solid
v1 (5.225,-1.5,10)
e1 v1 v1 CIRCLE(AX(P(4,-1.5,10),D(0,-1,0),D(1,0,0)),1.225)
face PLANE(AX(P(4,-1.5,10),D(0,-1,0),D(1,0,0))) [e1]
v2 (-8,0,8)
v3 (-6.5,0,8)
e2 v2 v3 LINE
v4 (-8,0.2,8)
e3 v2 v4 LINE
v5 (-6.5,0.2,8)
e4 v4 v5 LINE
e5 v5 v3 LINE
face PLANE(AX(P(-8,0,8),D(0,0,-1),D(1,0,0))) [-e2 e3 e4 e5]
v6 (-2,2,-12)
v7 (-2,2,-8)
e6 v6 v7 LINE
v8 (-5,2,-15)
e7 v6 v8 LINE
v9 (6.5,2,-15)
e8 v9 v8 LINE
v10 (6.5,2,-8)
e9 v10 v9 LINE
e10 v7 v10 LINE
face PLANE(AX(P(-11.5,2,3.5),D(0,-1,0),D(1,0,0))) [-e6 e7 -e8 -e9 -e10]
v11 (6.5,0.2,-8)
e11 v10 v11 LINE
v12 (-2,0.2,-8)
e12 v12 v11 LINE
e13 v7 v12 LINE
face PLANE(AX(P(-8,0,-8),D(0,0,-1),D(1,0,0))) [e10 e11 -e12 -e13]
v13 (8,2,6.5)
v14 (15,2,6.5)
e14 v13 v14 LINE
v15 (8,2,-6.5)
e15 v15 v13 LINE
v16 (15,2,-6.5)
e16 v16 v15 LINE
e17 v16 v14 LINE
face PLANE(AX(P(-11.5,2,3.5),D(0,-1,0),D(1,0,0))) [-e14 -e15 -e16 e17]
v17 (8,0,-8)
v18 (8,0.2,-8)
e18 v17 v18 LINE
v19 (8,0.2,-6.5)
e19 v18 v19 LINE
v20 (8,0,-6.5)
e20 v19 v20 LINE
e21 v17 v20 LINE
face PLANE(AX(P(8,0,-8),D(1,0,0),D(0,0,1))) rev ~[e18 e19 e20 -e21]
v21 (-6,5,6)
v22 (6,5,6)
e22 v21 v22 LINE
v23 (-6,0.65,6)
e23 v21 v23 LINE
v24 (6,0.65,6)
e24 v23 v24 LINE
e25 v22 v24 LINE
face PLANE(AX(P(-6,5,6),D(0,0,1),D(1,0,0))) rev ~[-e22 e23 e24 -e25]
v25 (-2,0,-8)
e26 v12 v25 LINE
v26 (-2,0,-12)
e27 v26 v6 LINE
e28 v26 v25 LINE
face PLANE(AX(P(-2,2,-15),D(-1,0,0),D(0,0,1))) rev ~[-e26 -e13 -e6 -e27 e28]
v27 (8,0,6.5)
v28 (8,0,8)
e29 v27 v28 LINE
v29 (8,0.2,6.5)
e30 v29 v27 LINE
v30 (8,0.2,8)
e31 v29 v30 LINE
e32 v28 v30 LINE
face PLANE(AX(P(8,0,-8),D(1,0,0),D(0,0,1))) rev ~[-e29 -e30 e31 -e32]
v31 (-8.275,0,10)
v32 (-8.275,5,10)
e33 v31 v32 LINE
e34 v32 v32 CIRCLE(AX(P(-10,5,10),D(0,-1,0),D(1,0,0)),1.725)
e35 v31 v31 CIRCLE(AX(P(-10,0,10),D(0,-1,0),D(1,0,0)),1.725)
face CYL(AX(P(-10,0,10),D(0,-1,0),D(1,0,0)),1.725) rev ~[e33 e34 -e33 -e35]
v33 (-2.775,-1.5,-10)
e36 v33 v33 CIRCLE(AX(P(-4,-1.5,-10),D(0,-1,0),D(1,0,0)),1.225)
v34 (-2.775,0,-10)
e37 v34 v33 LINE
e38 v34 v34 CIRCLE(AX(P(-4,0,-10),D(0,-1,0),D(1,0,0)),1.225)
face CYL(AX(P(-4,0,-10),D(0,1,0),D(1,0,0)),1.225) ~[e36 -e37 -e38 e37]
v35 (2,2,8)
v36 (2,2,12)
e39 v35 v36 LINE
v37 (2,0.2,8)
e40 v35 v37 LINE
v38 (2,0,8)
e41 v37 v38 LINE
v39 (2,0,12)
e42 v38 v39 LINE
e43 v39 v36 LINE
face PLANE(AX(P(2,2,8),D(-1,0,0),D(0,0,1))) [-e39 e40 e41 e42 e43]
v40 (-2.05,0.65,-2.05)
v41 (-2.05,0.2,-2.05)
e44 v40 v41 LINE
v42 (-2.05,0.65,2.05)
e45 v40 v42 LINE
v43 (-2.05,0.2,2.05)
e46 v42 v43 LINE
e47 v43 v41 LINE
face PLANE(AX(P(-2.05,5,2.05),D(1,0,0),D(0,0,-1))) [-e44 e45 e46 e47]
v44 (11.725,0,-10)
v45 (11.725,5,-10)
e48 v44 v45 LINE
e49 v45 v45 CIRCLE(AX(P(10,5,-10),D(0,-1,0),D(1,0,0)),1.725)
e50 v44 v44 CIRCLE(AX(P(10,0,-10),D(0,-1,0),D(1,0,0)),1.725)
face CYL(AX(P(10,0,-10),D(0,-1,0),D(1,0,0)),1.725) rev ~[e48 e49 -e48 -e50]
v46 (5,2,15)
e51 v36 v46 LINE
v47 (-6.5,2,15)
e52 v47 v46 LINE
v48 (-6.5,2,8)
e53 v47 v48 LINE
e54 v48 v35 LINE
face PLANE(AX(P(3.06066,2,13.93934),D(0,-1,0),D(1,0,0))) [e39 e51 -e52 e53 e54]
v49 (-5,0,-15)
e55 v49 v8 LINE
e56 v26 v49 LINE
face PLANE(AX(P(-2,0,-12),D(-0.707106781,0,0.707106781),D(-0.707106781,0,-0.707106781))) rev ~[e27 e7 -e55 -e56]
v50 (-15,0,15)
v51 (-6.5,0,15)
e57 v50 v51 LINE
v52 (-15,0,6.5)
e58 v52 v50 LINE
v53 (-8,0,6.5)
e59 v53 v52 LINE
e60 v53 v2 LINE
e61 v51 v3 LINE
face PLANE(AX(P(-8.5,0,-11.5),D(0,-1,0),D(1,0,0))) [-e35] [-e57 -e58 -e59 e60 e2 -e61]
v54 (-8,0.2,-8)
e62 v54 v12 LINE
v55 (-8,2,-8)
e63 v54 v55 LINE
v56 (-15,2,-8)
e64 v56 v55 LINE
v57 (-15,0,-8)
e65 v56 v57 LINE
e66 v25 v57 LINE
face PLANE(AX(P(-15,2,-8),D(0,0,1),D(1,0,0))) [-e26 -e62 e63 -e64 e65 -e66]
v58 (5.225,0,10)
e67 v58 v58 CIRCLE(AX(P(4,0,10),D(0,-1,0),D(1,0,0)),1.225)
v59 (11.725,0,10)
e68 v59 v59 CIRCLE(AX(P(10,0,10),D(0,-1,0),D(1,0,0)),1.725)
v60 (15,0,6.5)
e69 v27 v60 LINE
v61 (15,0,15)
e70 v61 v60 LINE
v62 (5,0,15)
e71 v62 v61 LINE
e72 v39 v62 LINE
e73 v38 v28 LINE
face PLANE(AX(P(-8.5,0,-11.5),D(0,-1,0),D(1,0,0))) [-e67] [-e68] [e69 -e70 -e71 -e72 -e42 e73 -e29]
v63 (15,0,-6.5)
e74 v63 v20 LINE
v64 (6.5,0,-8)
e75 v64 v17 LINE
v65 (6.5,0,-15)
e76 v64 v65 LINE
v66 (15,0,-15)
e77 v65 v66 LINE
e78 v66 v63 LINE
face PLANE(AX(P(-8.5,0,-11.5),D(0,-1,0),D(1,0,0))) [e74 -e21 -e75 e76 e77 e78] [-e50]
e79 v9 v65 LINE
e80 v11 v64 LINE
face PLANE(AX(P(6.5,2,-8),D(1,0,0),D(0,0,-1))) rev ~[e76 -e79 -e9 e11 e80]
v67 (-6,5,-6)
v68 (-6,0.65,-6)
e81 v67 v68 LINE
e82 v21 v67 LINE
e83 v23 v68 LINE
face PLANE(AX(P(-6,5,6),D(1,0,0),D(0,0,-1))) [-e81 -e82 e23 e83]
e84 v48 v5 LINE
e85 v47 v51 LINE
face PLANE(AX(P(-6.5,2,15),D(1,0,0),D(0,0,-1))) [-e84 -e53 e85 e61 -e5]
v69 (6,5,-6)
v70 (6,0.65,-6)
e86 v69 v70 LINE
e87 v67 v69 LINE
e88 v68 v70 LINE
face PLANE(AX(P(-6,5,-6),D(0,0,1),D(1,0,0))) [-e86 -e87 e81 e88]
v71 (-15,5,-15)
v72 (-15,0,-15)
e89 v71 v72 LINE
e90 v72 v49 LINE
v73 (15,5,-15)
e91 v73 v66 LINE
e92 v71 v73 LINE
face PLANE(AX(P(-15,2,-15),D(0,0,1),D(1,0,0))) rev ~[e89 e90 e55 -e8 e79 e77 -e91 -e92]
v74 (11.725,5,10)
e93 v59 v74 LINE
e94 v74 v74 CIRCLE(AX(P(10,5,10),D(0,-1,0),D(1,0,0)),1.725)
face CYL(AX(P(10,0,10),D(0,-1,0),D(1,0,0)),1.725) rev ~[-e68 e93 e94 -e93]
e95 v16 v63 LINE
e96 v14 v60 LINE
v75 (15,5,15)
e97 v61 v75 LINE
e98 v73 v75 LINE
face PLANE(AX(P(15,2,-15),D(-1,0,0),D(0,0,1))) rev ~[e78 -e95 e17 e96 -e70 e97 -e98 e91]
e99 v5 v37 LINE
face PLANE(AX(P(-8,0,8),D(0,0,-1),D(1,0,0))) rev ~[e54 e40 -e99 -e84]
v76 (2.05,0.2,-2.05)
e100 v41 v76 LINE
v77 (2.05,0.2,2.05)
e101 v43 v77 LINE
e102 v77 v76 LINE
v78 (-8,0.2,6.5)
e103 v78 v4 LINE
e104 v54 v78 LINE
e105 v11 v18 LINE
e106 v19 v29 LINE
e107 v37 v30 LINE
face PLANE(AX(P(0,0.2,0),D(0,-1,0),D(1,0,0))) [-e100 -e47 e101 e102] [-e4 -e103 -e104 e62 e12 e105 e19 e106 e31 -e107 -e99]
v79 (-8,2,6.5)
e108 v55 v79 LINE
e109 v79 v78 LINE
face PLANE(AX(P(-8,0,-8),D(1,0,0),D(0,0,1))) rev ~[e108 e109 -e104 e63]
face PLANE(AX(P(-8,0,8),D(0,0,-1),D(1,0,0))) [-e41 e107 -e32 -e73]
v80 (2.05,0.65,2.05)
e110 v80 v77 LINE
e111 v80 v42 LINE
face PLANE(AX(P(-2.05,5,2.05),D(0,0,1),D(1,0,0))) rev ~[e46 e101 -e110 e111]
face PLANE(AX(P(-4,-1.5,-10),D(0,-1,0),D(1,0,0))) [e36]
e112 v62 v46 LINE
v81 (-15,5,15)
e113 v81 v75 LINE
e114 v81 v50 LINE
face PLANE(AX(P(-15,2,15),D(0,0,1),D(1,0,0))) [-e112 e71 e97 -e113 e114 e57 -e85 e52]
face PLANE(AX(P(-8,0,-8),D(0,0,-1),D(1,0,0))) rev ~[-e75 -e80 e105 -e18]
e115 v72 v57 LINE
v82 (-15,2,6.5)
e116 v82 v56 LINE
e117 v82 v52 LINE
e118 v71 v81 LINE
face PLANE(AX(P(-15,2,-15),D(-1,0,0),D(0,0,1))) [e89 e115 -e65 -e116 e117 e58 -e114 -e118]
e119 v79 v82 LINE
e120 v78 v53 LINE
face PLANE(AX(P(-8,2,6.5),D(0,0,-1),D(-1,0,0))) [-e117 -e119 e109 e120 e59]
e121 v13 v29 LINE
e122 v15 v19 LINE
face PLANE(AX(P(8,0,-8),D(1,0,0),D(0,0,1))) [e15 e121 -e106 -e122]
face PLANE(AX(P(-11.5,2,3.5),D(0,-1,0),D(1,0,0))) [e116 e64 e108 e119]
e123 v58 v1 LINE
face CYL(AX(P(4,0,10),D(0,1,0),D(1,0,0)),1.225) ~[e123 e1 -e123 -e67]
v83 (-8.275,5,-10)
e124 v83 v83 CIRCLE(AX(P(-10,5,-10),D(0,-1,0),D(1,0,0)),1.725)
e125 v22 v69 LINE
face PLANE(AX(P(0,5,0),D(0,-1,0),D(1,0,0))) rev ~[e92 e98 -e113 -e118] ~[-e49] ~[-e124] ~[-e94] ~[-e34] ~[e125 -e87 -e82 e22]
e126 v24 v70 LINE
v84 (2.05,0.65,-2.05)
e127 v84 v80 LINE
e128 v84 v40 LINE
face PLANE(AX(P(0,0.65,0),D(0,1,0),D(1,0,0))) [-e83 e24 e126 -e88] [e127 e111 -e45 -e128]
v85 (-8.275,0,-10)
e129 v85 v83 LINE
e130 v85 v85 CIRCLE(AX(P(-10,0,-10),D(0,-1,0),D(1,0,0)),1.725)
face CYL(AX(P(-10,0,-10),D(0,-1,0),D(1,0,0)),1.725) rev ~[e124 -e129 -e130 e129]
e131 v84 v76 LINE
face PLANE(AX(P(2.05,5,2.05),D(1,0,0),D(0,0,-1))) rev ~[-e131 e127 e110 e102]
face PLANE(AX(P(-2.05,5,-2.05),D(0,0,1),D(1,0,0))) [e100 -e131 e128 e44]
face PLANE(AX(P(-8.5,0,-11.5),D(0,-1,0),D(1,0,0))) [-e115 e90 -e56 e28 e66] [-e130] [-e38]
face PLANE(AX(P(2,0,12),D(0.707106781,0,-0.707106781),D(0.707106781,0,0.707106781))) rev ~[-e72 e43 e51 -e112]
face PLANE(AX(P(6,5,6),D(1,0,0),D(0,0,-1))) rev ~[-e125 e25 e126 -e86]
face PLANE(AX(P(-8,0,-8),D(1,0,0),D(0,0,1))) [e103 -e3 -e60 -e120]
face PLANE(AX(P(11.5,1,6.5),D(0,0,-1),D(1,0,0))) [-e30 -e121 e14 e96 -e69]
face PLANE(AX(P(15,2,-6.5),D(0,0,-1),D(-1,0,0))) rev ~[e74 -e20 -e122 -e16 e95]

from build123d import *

# Parameters (mm, degrees)
SKETCH_W        = 30
SKETCH_H        = 30
PAD_DEPTH       = 5
SKETCH001_W     = 7
SKETCH001_H     = 23
SKETCH001_W_2   = 23
SKETCH001_H_2   = 7
SKETCH001_H_3   = 16
SKETCH001_W_3   = 30
POCKET_DEPTH    = 2
SKETCH002_W     = 13
SKETCH002_H     = 7
PAD001_DEPTH    = 2
SKETCH003_R     = 1.725
POCKET001_DEPTH = 5.001
SKETCH004_R     = 1.225
PAD002_DEPTH    = 1.5
SKETCH005_W     = 7
SKETCH005_H     = 2
PAD003_DEPTH    = 1.5
SKETCH006_W     = 4.1
SKETCH006_H     = 4.1
POCKET002_DEPTH = 5
PAD004_DEPTH    = 2
SKETCH008_R     = 1.725
POCKET003_DEPTH = 5.001
PAD005_DEPTH    = 2
SKETCH010_R     = 1.725
POCKET004_DEPTH = 5.001
POCKET005_DEPTH = 2
SKETCH012_W     = 13
SKETCH012_H     = 7
PAD006_DEPTH    = 2
SKETCH013_R     = 1.725
POCKET006_DEPTH = 5.001
SKETCH014_R     = 1.225
PAD007_DEPTH    = 1.5
POCKET007_DEPTH = 2
SKETCH016_W     = 12
SKETCH016_H     = 12
POCKET008_DEPTH = 4.35
SKETCH017_W     = 16
SKETCH017_H     = 16
POCKET009_DEPTH = 0.2


with BuildPart() as part:
    # Sketch → Pad (new body)
    with BuildSketch(Plane.XZ):
        Rectangle(SKETCH_W, SKETCH_H)
    extrude(amount=-PAD_DEPTH)

    # Sketch001 (on Face5 of Pad) → Pocket (cut)
    with BuildSketch(Plane.XZ):
        with Locations((-11.5, 3.5)):
            Rectangle(SKETCH001_W, SKETCH001_H)
        with Locations((3.5, 11.5)):
            Rectangle(SKETCH001_W_2, SKETCH001_H_2)
        with Locations((11.5, 0)):
            Rectangle(SKETCH001_W, SKETCH001_H_3)
        with Locations((0, -11.5)):
            Rectangle(SKETCH001_W_3, SKETCH001_H_2)
    extrude(amount=-POCKET_DEPTH, mode=Mode.SUBTRACT)

    # Sketch002 (on Face2 of Pocket) → Pad001 (join)
    with BuildSketch(Plane.XZ.offset(-2)):
        with Locations((8.5, 11.5)):
            Rectangle(SKETCH002_W, SKETCH002_H)
    extrude(amount=PAD001_DEPTH)

    # Sketch003 (on Face15 of Pad001) → Pocket001 (cut, through all)
    with BuildSketch(Plane.XZ):
        with Locations((10, 10)):
            Circle(SKETCH003_R)
    extrude(amount=-POCKET001_DEPTH, mode=Mode.SUBTRACT)

    # Sketch004 (on Face15 of Pocket001) → Pad002 (join)
    with BuildSketch(Plane.XZ):
        with Locations((4, 10)):
            Circle(SKETCH004_R)
    extrude(amount=PAD002_DEPTH)

    # Sketch005 (on Face7 of Pad002) → Pad003 (join)
    with BuildSketch(Plane(origin=(0, 0, 8), x_dir=(1, 0, 0), z_dir=(0, 0, -1))):
        with Locations((11.5, -1)):
            Rectangle(SKETCH005_W, SKETCH005_H)
    extrude(amount=PAD003_DEPTH)

    # Sketch006 (on Face5 of Pad003) → Pocket002 (cut)
    with BuildSketch(Plane(origin=(0, 5, 0), x_dir=(1, 0, 0), z_dir=(0, 1, 0))):
        Rectangle(SKETCH006_W, SKETCH006_H)
    extrude(amount=-POCKET002_DEPTH, mode=Mode.SUBTRACT)

    # Sketch007 (on Face2 of Pocket002) → Pad004 (join)
    with BuildSketch(Plane.XZ.offset(-2)):
        Polygon((6.5, -15), (15, -15), (15, -6.5), (8, -6.5), (8, -8), (6.5, -8), align=None)
    extrude(amount=PAD004_DEPTH)

    # Sketch008 (on Face24 of Pad004) → Pocket003 (cut, through all)
    with BuildSketch(Plane.XZ):
        with Locations((10, -10)):
            Circle(SKETCH008_R)
    extrude(amount=-POCKET003_DEPTH, mode=Mode.SUBTRACT)

    # Sketch009 (on Face2 of Pocket003) → Pad005 (join)
    with BuildSketch(Plane.XZ.offset(-2)):
        Polygon((-15, 15), (-6.5, 15), (-6.5, 8), (-8, 8), (-8, 6.5), (-15, 6.5), align=None)
    extrude(amount=PAD005_DEPTH)

    # Sketch010 (on Face10 of Pad005) → Pocket004 (cut, through all)
    with BuildSketch(Plane.XZ):
        with Locations((-10, 10)):
            Circle(SKETCH010_R)
    extrude(amount=-POCKET004_DEPTH, mode=Mode.SUBTRACT)

    # Sketch011 (on Face14 of Pocket004) → Pocket005 (cut)
    with BuildSketch(Plane.XZ):
        Polygon((2, 15), (2, 12), (5, 15), align=None)
    extrude(amount=-POCKET005_DEPTH, mode=Mode.SUBTRACT)

    # Sketch012 (on Face28 of Pocket005) → Pad006 (join)
    with BuildSketch(Plane.XZ.offset(-2)):
        with Locations((-8.5, -11.5)):
            Rectangle(SKETCH012_W, SKETCH012_H)
    extrude(amount=PAD006_DEPTH)

    # Sketch013 (on Face42 of Pad006) → Pocket006 (cut, through all)
    with BuildSketch(Plane.XZ):
        with Locations((-10, -10)):
            Circle(SKETCH013_R)
    extrude(amount=-POCKET006_DEPTH, mode=Mode.SUBTRACT)

    # Sketch014 (on Face42 of Pocket006) → Pad007 (join)
    with BuildSketch(Plane.XZ):
        with Locations((-4, -10)):
            Circle(SKETCH014_R)
    extrude(amount=PAD007_DEPTH)

    # Sketch015 (on Face42 of Pad007) → Pocket007 (cut)
    with BuildSketch(Plane.XZ):
        Polygon((-2, -15), (-2, -12), (-5, -15), align=None)
    extrude(amount=-POCKET007_DEPTH, mode=Mode.SUBTRACT)

    # Sketch016 (on Face7 of Pocket007) → Pocket008 (cut)
    with BuildSketch(Plane(origin=(0, 5, 0), x_dir=(1, 0, 0), z_dir=(0, 1, 0))):
        Rectangle(SKETCH016_W, SKETCH016_H)
    extrude(amount=-POCKET008_DEPTH, mode=Mode.SUBTRACT)

    # Sketch017 (on Face32 of Pocket008) → Pocket009 (cut)
    with BuildSketch(Plane.XZ):
        Rectangle(SKETCH017_W, SKETCH017_H)
    extrude(amount=-POCKET009_DEPTH, mode=Mode.SUBTRACT)


solid = part.part
